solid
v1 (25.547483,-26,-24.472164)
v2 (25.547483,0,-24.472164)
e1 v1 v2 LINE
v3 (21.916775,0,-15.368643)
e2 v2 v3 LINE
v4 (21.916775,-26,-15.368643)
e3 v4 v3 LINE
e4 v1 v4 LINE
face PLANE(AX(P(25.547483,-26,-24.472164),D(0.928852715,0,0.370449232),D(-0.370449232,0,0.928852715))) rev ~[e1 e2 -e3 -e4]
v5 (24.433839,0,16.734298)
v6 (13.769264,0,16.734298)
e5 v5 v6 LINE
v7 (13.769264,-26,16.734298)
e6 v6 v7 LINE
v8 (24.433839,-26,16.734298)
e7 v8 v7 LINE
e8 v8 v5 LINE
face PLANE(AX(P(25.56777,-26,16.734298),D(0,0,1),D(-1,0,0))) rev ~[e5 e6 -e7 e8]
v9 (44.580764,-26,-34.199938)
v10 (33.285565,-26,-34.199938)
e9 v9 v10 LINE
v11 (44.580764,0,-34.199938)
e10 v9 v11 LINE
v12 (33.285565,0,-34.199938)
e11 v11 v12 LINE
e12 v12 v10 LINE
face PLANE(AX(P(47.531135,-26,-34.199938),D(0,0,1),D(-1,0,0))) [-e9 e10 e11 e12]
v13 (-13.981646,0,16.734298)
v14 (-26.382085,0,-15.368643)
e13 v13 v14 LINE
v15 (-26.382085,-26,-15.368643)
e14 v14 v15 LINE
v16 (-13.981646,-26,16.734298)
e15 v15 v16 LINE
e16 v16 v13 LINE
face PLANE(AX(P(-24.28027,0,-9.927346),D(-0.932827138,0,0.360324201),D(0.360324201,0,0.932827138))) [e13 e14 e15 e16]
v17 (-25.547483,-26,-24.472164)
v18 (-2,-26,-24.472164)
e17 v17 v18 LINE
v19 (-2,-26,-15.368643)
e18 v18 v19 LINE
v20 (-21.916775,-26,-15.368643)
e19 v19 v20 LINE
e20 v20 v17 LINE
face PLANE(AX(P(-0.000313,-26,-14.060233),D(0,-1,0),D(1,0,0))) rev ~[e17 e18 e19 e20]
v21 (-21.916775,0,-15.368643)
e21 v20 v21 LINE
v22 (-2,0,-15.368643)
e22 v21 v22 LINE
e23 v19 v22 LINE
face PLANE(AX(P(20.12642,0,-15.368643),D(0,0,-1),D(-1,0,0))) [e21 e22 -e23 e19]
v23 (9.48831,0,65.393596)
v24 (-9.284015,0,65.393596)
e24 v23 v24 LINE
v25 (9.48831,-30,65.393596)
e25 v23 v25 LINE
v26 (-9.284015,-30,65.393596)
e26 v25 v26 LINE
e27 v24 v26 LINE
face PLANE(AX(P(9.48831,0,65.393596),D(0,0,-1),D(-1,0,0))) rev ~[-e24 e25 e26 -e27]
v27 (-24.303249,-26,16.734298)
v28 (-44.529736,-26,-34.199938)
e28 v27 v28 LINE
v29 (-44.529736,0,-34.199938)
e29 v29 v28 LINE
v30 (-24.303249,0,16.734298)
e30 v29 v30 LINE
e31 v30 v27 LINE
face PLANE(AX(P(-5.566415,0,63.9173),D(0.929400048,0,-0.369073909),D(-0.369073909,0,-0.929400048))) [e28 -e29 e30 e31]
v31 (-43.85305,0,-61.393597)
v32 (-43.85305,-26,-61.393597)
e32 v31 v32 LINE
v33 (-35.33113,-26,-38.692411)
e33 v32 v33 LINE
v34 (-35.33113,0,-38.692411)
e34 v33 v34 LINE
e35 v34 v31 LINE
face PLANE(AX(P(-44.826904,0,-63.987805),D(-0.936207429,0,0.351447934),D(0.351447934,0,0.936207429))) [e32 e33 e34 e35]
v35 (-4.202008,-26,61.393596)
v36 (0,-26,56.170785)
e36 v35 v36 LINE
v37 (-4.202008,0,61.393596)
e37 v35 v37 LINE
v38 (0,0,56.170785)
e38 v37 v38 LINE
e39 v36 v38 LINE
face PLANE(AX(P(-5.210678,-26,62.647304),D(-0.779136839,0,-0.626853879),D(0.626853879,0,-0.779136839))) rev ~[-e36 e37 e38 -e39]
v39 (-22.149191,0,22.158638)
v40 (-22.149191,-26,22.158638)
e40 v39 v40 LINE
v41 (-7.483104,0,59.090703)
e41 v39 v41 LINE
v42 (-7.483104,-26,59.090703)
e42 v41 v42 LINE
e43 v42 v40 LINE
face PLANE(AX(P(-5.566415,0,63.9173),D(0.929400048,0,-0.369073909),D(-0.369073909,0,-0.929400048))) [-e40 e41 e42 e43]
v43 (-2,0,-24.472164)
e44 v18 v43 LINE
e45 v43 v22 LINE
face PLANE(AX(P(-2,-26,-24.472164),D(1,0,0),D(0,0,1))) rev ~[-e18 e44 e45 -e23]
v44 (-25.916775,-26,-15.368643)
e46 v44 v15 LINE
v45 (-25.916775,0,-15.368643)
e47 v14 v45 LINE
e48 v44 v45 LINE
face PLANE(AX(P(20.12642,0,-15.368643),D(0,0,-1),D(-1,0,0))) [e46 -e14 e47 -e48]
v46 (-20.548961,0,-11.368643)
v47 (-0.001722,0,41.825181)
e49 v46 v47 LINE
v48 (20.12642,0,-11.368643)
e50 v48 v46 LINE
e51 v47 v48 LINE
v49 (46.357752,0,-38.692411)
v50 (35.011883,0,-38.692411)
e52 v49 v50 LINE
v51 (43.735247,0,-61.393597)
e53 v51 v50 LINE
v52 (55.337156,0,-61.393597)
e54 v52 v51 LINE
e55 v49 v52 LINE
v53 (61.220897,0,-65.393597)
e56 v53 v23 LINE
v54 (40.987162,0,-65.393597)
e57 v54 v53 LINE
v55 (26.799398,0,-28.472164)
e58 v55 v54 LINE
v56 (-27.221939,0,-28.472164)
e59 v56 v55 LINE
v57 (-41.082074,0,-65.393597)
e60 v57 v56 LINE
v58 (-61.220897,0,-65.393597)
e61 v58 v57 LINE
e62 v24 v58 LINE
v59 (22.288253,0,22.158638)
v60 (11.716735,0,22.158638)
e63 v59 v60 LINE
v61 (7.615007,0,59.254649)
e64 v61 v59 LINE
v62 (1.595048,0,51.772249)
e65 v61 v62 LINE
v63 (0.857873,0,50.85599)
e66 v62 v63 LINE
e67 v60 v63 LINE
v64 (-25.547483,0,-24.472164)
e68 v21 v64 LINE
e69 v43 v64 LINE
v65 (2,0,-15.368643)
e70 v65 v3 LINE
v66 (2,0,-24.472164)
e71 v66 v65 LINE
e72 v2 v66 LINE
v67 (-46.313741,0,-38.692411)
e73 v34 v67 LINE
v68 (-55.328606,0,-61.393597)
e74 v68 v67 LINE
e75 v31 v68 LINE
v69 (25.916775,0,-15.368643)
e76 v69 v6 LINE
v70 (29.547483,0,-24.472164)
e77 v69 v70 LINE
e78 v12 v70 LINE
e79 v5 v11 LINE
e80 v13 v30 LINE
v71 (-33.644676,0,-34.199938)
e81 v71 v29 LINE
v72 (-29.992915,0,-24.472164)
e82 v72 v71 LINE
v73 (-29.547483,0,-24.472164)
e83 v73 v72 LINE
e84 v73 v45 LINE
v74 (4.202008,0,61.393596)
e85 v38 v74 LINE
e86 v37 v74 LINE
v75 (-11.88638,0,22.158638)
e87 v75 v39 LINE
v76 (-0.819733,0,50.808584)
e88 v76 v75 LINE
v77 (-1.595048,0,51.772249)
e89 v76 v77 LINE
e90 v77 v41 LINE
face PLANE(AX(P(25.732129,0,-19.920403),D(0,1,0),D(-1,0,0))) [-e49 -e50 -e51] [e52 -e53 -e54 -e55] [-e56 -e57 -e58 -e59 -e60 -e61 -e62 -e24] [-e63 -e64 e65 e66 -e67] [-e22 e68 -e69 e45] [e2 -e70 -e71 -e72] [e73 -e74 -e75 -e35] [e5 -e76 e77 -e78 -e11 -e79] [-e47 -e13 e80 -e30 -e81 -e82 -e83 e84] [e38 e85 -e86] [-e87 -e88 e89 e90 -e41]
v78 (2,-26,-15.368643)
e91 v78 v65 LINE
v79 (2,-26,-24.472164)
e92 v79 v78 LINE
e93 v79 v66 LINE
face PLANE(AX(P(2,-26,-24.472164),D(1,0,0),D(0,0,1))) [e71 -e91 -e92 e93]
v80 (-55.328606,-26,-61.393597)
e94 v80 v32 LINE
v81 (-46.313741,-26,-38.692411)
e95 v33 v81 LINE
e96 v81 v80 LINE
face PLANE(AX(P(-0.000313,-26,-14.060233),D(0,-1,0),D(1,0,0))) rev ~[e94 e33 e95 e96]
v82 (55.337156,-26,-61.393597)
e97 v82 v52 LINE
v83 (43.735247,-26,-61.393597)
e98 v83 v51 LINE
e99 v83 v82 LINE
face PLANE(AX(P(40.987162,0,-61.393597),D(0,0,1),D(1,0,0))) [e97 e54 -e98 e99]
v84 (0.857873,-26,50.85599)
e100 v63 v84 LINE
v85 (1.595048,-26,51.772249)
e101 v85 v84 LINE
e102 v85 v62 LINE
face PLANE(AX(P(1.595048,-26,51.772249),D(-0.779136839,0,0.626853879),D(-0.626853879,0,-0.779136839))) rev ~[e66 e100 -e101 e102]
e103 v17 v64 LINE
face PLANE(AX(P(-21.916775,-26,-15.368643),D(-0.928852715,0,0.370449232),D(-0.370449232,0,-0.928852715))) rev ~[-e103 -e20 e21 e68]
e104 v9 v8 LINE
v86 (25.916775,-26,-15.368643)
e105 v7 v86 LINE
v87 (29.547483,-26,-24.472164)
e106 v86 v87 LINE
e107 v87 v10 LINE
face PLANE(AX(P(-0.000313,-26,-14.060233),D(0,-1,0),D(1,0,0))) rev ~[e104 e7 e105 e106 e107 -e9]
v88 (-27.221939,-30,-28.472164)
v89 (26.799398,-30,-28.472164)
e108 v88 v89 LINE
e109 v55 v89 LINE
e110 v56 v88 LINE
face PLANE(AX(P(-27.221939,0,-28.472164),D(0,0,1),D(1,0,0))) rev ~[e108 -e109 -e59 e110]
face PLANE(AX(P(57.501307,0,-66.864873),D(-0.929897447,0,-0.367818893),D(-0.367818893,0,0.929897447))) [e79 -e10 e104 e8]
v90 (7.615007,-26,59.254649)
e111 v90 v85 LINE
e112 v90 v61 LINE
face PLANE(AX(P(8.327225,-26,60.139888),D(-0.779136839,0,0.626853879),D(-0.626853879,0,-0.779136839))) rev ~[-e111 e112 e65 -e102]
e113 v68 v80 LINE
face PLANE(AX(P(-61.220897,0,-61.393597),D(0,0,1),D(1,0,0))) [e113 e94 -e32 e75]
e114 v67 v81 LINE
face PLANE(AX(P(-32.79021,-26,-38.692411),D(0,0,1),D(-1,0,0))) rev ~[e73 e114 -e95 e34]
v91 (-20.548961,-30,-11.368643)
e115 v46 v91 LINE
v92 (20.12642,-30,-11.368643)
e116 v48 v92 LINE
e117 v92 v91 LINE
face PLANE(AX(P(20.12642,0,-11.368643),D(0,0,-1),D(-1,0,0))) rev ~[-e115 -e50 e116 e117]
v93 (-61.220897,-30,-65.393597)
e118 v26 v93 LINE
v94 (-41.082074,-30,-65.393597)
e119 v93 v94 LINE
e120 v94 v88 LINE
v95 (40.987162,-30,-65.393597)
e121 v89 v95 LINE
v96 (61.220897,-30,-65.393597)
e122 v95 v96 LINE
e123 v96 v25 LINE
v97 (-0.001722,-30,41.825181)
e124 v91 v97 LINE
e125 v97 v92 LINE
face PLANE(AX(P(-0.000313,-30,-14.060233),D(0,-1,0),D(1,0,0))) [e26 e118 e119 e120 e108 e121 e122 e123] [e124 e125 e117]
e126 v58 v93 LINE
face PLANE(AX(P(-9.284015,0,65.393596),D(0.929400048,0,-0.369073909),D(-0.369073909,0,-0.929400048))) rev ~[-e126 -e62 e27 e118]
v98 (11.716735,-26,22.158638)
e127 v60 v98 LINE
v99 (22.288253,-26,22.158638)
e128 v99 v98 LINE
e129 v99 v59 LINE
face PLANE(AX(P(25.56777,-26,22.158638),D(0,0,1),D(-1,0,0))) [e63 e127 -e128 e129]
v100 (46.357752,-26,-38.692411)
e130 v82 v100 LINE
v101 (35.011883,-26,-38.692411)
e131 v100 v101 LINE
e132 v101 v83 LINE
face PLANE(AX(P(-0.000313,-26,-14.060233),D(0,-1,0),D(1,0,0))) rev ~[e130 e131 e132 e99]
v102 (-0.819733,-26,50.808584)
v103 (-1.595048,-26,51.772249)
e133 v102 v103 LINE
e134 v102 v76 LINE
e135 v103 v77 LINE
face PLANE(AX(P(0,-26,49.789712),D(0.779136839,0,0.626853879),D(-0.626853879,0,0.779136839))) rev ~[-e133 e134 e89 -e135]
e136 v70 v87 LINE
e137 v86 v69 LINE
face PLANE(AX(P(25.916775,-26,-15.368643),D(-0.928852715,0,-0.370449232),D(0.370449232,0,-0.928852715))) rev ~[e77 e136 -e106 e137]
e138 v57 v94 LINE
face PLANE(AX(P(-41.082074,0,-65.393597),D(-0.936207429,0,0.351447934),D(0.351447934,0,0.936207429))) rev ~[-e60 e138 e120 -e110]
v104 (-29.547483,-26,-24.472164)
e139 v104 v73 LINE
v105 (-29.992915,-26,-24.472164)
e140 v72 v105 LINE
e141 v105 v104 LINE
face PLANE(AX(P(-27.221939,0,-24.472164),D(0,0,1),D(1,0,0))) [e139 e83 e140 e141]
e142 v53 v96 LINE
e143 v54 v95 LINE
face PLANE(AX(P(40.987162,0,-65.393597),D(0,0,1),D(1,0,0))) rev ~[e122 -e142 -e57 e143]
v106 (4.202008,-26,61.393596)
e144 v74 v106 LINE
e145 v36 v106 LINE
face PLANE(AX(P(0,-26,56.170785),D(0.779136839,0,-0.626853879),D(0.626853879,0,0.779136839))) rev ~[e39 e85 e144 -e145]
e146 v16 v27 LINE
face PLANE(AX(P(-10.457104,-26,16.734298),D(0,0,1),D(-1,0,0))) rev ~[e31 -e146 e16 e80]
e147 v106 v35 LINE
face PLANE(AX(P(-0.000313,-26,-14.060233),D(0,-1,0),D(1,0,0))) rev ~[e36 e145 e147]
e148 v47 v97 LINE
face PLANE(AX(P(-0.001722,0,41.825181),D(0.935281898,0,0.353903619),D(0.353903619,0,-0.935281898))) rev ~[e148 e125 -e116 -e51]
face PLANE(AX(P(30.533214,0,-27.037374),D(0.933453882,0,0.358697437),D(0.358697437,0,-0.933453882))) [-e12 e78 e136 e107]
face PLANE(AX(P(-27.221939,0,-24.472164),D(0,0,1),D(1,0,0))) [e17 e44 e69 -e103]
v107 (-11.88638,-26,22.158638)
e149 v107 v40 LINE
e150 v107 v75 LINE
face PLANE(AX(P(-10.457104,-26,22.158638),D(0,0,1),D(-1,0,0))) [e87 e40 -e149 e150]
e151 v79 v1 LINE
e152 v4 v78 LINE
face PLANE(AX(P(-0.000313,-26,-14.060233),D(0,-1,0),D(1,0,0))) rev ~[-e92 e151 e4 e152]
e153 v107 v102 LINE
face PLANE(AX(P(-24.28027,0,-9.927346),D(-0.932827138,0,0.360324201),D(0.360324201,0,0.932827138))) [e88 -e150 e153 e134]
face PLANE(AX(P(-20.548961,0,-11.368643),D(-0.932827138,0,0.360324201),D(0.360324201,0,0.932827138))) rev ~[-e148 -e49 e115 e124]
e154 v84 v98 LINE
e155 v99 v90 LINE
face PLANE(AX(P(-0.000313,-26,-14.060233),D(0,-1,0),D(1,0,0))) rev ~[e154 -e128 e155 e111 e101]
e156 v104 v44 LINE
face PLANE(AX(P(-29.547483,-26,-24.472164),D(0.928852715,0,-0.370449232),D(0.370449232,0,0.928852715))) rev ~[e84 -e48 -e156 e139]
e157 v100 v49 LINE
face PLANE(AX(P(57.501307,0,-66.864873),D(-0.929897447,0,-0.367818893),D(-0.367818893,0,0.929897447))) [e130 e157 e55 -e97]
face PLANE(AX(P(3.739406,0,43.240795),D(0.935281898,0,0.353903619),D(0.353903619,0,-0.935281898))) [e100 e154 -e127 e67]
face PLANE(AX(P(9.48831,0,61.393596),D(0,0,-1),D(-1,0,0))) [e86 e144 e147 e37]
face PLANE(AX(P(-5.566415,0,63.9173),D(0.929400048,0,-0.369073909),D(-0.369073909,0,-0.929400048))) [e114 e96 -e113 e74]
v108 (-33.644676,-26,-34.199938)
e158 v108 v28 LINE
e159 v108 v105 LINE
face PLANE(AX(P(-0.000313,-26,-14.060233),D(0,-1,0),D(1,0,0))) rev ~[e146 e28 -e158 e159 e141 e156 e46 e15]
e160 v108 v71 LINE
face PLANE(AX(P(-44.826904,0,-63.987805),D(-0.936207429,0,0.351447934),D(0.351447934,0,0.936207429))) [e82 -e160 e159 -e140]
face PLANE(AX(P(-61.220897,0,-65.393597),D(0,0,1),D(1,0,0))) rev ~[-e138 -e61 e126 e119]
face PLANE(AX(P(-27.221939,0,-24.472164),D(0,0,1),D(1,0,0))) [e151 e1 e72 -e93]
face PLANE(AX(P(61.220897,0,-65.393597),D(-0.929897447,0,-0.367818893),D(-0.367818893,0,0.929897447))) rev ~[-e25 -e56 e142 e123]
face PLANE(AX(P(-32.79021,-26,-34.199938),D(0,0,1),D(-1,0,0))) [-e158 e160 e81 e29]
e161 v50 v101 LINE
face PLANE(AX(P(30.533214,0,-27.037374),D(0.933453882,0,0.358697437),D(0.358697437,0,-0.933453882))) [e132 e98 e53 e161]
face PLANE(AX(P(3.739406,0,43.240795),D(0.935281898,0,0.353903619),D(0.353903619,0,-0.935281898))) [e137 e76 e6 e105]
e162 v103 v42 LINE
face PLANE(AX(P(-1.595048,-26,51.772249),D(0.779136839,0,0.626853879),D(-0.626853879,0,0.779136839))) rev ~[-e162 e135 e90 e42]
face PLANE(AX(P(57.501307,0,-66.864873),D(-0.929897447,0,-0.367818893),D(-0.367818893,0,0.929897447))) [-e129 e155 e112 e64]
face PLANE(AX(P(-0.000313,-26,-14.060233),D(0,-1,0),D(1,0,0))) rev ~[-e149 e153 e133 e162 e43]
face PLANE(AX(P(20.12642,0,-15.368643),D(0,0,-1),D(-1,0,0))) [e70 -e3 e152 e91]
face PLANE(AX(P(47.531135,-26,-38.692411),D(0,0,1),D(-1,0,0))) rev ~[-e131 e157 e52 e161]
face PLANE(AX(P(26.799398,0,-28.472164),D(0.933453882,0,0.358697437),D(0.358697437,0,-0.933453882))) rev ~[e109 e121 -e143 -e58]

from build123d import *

# Parameters (mm, degrees)
F1_DEPTH = 30
F2_T     = -4
F3_W     = 4
F3_H     = 9.103521
F3_W_2   = 14.7409252822
F3_H_2   = 4.4924728572
F3_W_3   = 15.1106659323
F3_H_3   = 5.4243393242
F4_DEPTH = 26


with BuildPart() as f1:
    # F0 (on Front) → F1 (new body)
    with BuildSketch(Plane.XZ):
        Polygon((61.220897, -65.393597), (9.48831, 65.393596), (-9.284015, 65.393596), (-61.220897, -65.393597), (-41.082074, -65.393597), (-27.221939, -28.472164), (26.799398, -28.472164), (40.987162, -65.393597), align=None)
        Polygon((20.12642, -11.368643), (-20.548961, -11.368643), (-0.001722, 41.825181), align=None, mode=Mode.SUBTRACT)
    extrude(amount=F1_DEPTH)

    # F2
    f2_openings = [f1.faces().sort_by_distance(p)[0] for p in [
        (35.565629, 0, -46.290248),
    ]]
    offset(amount=F2_T, openings=f2_openings, kind=Kind.INTERSECTION)

    # F3 (on face) → F4 (join)
    with BuildSketch(Plane(origin=(0, -26, 0), x_dir=(-1, 0, 0), z_dir=(0, 1, 0))):
        Polygon((-21.9167752835, -15.368643), (-25.9167752835, -15.368643), (-29.5474826178, -24.472164), (-25.5474826178, -24.472164), align=None)
        with Locations((0, -19.9204035)):
            Rectangle(F3_W, F3_H)
        with Locations((-40.1606727391, -36.4461746067)):
            Rectangle(F3_W_2, F3_H_2)
        with Locations((-18.0124370381, 19.4464679807)):
            Rectangle(F3_W_3, F3_H_3)
        Polygon((-5.2106779282, 62.6473037582), (-8.3272252852, 60.1398882418), (-1.5950480919, 51.7722487735), (0, 49.7897122204), (1.5950480919, 51.7722487735), (8.3272252852, 60.1398882418), (5.2106779282, 62.6473037582), (0, 56.1707846416), align=None)
        with Locations((18.0124370381, 19.4464679807)):
            Rectangle(F3_W_3, F3_H_3)
        with Locations((40.1606727391, -36.4461746067)):
            Rectangle(F3_W_2, F3_H_2)
        Polygon((25.5474826178, -24.472164), (29.5474826178, -24.472164), (25.9167752835, -15.368643), (21.9167752835, -15.368643), align=None)
    extrude(amount=F4_DEPTH)


solid = f1.part
